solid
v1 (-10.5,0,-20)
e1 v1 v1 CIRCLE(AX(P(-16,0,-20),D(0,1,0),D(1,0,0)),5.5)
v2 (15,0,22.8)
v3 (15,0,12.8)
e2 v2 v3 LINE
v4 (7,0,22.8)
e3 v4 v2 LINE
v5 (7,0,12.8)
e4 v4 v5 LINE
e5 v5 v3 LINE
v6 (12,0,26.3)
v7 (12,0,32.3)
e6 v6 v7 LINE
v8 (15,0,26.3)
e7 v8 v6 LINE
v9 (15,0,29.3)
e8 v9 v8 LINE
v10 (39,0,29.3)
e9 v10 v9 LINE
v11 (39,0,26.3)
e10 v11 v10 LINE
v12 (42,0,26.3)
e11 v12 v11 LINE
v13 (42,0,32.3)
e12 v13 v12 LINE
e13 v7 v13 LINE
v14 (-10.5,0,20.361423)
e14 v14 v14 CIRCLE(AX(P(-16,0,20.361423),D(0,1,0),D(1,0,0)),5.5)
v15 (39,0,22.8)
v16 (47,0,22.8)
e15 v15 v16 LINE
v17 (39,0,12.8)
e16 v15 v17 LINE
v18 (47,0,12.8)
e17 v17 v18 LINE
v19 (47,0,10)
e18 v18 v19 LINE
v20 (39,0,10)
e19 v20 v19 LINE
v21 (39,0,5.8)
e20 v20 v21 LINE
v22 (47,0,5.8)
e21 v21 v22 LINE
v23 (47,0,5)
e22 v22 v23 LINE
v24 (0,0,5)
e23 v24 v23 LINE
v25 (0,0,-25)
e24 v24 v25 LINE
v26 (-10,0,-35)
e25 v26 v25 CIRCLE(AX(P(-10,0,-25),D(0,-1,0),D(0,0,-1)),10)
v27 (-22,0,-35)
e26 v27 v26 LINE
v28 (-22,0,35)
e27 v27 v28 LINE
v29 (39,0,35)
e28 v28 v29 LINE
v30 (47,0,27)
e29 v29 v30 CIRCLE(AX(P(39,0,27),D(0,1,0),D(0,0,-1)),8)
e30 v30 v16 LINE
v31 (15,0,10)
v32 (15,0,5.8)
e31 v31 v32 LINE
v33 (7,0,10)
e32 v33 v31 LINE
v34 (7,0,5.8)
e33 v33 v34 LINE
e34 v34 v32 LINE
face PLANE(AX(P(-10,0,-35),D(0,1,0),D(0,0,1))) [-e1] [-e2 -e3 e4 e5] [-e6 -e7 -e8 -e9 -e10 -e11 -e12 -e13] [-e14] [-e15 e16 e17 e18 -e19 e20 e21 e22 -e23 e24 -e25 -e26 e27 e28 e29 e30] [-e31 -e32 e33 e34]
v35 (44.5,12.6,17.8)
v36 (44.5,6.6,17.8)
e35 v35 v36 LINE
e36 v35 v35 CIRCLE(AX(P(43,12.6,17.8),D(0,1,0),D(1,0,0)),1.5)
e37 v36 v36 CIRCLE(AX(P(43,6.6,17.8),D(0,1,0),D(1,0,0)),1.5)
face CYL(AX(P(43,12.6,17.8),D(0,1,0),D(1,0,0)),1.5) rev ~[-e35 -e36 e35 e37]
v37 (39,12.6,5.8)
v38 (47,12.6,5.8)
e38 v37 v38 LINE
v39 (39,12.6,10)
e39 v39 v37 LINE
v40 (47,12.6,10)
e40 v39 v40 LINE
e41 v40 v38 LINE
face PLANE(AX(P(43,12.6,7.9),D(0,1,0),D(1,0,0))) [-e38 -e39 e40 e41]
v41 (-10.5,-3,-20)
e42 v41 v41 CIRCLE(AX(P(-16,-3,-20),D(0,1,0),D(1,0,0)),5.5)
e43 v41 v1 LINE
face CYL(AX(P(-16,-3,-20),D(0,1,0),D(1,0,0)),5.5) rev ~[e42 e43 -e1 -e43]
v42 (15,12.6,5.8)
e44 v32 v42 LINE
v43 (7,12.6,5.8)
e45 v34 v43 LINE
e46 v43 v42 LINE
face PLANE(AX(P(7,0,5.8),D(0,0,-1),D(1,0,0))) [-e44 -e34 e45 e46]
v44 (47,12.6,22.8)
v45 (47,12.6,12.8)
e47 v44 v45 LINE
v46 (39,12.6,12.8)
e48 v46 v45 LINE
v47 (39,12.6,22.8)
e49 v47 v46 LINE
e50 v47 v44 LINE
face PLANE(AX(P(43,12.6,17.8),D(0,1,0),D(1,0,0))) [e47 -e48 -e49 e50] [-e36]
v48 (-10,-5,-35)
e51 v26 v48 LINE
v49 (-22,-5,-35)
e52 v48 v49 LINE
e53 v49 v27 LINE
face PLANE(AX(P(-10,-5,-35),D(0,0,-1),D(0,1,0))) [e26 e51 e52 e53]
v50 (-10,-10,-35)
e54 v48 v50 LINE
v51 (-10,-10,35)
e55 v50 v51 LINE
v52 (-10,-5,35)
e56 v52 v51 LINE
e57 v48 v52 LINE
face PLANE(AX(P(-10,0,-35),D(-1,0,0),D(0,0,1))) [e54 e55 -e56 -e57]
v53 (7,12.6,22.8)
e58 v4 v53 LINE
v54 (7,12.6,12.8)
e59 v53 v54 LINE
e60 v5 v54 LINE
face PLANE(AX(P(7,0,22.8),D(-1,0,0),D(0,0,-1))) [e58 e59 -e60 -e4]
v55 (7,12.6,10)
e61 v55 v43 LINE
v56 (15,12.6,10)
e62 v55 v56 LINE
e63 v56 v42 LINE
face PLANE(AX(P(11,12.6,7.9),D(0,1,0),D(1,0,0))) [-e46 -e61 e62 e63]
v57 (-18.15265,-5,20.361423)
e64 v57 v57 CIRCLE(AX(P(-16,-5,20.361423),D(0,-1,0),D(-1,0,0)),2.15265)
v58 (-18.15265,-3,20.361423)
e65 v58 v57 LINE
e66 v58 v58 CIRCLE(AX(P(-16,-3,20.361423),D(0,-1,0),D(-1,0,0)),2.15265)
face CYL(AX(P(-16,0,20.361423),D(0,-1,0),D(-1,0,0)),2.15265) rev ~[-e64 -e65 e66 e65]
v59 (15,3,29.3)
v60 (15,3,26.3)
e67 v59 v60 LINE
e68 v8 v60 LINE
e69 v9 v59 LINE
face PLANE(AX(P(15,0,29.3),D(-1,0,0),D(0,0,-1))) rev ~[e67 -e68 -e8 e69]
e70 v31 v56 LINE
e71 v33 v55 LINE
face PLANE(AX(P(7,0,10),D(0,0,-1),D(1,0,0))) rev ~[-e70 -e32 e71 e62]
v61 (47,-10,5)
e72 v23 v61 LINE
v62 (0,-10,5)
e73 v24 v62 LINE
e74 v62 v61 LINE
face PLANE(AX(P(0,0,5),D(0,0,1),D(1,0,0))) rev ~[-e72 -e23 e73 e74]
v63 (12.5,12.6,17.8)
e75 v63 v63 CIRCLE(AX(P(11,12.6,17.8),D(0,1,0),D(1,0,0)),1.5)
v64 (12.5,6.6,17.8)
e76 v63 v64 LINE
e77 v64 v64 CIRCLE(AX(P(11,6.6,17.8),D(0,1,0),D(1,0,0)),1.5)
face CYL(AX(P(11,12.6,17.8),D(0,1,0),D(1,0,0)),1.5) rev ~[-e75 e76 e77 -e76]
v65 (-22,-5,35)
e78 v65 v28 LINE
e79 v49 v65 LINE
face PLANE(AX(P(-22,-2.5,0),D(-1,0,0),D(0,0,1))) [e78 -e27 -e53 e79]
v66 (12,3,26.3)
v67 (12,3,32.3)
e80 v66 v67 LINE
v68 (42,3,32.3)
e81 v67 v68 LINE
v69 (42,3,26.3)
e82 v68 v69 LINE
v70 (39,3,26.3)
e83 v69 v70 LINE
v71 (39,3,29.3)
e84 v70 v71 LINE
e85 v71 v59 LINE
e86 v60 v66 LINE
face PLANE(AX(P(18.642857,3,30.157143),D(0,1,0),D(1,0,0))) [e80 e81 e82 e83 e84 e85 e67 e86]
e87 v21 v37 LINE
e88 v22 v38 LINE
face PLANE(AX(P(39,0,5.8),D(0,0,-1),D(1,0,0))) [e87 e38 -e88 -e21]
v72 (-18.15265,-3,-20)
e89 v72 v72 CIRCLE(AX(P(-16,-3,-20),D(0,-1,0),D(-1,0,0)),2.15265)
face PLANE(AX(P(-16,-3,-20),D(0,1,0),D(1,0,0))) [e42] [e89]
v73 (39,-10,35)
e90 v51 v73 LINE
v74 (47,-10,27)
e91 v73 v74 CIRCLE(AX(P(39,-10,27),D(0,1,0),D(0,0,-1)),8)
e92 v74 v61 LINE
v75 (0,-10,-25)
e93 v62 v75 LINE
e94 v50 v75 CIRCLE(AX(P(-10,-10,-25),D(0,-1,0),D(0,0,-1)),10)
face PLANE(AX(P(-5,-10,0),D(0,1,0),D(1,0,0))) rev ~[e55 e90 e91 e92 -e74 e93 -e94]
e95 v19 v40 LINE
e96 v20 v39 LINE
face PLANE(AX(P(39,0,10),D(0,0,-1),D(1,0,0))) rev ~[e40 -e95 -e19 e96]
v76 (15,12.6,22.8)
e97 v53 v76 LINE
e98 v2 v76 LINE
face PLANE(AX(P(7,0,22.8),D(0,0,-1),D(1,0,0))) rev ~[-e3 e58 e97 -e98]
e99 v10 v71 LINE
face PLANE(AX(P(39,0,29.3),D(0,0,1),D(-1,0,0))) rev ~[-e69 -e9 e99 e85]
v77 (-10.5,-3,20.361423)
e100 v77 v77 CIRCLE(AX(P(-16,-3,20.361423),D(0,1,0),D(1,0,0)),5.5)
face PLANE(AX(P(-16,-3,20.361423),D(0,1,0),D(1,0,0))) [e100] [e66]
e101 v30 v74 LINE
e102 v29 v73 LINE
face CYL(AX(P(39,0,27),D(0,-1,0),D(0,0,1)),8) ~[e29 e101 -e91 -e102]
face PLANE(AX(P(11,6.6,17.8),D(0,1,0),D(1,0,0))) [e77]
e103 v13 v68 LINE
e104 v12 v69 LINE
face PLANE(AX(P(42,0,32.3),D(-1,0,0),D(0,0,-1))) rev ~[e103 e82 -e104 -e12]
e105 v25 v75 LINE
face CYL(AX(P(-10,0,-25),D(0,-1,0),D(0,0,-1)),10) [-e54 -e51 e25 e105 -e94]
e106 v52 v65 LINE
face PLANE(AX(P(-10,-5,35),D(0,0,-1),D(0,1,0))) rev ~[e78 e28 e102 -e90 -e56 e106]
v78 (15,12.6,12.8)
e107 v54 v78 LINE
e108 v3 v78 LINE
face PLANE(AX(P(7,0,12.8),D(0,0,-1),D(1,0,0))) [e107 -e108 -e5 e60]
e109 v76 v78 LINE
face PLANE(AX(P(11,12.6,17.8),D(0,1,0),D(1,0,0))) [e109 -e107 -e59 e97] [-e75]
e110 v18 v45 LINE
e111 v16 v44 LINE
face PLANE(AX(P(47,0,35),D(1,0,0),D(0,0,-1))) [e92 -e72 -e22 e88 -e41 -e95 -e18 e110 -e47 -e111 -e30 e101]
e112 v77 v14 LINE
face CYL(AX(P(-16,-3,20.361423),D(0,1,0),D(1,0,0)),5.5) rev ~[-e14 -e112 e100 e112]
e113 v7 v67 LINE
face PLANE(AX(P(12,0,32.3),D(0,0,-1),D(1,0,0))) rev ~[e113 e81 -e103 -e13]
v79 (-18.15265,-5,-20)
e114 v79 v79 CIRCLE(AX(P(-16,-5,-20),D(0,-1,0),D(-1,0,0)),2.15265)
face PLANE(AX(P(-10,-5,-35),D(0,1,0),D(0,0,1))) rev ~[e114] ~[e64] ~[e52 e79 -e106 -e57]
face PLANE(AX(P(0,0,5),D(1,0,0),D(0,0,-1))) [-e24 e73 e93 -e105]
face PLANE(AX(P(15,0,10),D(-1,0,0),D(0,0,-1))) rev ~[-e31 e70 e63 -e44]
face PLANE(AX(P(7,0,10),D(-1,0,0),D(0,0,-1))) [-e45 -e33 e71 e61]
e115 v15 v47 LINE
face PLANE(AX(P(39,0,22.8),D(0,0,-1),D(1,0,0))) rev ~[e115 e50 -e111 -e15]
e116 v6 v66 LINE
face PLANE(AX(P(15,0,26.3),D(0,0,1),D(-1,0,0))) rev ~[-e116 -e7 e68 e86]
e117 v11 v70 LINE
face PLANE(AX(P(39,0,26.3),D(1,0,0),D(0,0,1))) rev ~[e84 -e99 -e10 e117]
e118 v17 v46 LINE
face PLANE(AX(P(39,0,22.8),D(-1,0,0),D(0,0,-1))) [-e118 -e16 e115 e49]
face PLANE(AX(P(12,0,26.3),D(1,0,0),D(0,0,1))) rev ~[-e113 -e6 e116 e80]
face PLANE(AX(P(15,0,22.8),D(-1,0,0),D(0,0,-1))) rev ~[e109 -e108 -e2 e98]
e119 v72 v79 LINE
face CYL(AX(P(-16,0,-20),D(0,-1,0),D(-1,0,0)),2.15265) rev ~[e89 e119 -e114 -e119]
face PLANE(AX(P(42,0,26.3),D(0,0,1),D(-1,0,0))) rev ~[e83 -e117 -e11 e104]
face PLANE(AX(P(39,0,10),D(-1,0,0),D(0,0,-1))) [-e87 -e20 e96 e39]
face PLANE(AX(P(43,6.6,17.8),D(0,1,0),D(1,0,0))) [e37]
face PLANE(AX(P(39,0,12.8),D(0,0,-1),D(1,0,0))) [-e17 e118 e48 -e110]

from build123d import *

# Parameters (mm, degrees)
SKETCH1_W                                       = 47
SKETCH1_H                                       = 30
BOSS_STRUCTURE_DEPTH                            = 10
SKETCH2_W                                       = 70
SKETCH2_H                                       = 5
BOSS_ATTACHE_DEPTH                              = 12
SERVO_W                                         = 8
SERVO_H                                         = 4.2
SERVO_H_2                                       = 10
BOSS_SERVO_1_DEPTH                              = 12.6
BOSS_SERVO_2_DEPTH                              = 3
FILLET1_R                                       = 10
FILLET2_R                                       = 8
SKETCH4_R                                       = 1.5
CUT_EXTRUDE1_DEPTH                              = 6
CBORE_FOR_6_PAN_HEAD_MACHINE_SCREW1_D           = 4.3053
CBORE_FOR_6_PAN_HEAD_MACHINE_SCREW1_DEPTH       = 5
CBORE_FOR_6_PAN_HEAD_MACHINE_SCREW1_CBORE_D     = 11.000000098
CBORE_FOR_6_PAN_HEAD_MACHINE_SCREW1_CBORE_DEPTH = 3.000000096


with BuildPart() as part:
    # Sketch1 → Boss-Structure (new body)
    with BuildSketch(Plane(origin=(0, 0, 0), x_dir=(1, 0, 0), z_dir=(0, 1, 0))):
        Polygon((0, 35), (-10, 35), (-10, -35), (0, -35), (0, -5), align=None)
        with Locations((23.5, -20)):
            Rectangle(SKETCH1_W, SKETCH1_H)
    extrude(amount=-BOSS_STRUCTURE_DEPTH)

    # Sketch2 → Boss-Attache (add)
    with BuildSketch(Plane.ZY.offset(10)):
        with Locations((0, -2.5)):
            Rectangle(SKETCH2_W, SKETCH2_H)
    extrude(amount=BOSS_ATTACHE_DEPTH)

    # Servo → Boss-Servo_1 (add)
    with BuildSketch(Plane(origin=(0, 0, 0), x_dir=(1, 0, 0), z_dir=(0, 1, 0))):
        with Locations((11, -7.9)):
            Rectangle(SERVO_W, SERVO_H)
        with Locations((11, -17.8)):
            Rectangle(SERVO_W, SERVO_H_2)
        with Locations((43, -17.8)):
            Rectangle(SERVO_W, SERVO_H_2)
        with Locations((43, -7.9)):
            Rectangle(SERVO_W, SERVO_H)
    extrude(amount=BOSS_SERVO_1_DEPTH)

    # Sketch3<3> → Boss-Servo_2 (add)
    with BuildSketch(Plane(origin=(0, 0, 0), x_dir=(1, 0, 0), z_dir=(0, 1, 0))):
        Polygon((15, -29.3), (15, -26.3), (12, -26.3), (12, -32.3), (27, -32.3), (27, -29.3), align=None)
        Polygon((42, -26.3), (39, -26.3), (39, -29.3), (27, -29.3), (27, -32.3), (42, -32.3), align=None)
    extrude(amount=BOSS_SERVO_2_DEPTH)

    # Fillet1
    fillet1_edges = [part.edges().sort_by_distance(p)[0] for p in [
        (0, -5, -35),
    ]]
    fillet(fillet1_edges, radius=FILLET1_R)

    # Fillet2
    fillet2_edges = [part.edges().sort_by_distance(p)[0] for p in [
        (47, -5, 35),
    ]]
    fillet(fillet2_edges, radius=FILLET2_R)

    # Sketch4 → Cut-Extrude1 (cut)
    with BuildSketch(Plane(origin=(0, 12.6, 0), x_dir=(1, 0, 0), z_dir=(0, 1, 0))):
        with Locations((11, -17.8)):
            Circle(SKETCH4_R)
        with Locations((43, -17.8)):
            Circle(SKETCH4_R)
    extrude(amount=-CUT_EXTRUDE1_DEPTH, mode=Mode.SUBTRACT)

    # CBORE for #6 Pan Head Machine Screw1
    with Locations(Plane(origin=(0, 0, 0), x_dir=(1, 0, 0), z_dir=(0, 1, 0))):
        with Locations((-16, 20), (-16, -20.361423436)):
            CounterBoreHole(CBORE_FOR_6_PAN_HEAD_MACHINE_SCREW1_D / 2, CBORE_FOR_6_PAN_HEAD_MACHINE_SCREW1_CBORE_D / 2, CBORE_FOR_6_PAN_HEAD_MACHINE_SCREW1_CBORE_DEPTH, depth=CBORE_FOR_6_PAN_HEAD_MACHINE_SCREW1_DEPTH)


solid = part.part
